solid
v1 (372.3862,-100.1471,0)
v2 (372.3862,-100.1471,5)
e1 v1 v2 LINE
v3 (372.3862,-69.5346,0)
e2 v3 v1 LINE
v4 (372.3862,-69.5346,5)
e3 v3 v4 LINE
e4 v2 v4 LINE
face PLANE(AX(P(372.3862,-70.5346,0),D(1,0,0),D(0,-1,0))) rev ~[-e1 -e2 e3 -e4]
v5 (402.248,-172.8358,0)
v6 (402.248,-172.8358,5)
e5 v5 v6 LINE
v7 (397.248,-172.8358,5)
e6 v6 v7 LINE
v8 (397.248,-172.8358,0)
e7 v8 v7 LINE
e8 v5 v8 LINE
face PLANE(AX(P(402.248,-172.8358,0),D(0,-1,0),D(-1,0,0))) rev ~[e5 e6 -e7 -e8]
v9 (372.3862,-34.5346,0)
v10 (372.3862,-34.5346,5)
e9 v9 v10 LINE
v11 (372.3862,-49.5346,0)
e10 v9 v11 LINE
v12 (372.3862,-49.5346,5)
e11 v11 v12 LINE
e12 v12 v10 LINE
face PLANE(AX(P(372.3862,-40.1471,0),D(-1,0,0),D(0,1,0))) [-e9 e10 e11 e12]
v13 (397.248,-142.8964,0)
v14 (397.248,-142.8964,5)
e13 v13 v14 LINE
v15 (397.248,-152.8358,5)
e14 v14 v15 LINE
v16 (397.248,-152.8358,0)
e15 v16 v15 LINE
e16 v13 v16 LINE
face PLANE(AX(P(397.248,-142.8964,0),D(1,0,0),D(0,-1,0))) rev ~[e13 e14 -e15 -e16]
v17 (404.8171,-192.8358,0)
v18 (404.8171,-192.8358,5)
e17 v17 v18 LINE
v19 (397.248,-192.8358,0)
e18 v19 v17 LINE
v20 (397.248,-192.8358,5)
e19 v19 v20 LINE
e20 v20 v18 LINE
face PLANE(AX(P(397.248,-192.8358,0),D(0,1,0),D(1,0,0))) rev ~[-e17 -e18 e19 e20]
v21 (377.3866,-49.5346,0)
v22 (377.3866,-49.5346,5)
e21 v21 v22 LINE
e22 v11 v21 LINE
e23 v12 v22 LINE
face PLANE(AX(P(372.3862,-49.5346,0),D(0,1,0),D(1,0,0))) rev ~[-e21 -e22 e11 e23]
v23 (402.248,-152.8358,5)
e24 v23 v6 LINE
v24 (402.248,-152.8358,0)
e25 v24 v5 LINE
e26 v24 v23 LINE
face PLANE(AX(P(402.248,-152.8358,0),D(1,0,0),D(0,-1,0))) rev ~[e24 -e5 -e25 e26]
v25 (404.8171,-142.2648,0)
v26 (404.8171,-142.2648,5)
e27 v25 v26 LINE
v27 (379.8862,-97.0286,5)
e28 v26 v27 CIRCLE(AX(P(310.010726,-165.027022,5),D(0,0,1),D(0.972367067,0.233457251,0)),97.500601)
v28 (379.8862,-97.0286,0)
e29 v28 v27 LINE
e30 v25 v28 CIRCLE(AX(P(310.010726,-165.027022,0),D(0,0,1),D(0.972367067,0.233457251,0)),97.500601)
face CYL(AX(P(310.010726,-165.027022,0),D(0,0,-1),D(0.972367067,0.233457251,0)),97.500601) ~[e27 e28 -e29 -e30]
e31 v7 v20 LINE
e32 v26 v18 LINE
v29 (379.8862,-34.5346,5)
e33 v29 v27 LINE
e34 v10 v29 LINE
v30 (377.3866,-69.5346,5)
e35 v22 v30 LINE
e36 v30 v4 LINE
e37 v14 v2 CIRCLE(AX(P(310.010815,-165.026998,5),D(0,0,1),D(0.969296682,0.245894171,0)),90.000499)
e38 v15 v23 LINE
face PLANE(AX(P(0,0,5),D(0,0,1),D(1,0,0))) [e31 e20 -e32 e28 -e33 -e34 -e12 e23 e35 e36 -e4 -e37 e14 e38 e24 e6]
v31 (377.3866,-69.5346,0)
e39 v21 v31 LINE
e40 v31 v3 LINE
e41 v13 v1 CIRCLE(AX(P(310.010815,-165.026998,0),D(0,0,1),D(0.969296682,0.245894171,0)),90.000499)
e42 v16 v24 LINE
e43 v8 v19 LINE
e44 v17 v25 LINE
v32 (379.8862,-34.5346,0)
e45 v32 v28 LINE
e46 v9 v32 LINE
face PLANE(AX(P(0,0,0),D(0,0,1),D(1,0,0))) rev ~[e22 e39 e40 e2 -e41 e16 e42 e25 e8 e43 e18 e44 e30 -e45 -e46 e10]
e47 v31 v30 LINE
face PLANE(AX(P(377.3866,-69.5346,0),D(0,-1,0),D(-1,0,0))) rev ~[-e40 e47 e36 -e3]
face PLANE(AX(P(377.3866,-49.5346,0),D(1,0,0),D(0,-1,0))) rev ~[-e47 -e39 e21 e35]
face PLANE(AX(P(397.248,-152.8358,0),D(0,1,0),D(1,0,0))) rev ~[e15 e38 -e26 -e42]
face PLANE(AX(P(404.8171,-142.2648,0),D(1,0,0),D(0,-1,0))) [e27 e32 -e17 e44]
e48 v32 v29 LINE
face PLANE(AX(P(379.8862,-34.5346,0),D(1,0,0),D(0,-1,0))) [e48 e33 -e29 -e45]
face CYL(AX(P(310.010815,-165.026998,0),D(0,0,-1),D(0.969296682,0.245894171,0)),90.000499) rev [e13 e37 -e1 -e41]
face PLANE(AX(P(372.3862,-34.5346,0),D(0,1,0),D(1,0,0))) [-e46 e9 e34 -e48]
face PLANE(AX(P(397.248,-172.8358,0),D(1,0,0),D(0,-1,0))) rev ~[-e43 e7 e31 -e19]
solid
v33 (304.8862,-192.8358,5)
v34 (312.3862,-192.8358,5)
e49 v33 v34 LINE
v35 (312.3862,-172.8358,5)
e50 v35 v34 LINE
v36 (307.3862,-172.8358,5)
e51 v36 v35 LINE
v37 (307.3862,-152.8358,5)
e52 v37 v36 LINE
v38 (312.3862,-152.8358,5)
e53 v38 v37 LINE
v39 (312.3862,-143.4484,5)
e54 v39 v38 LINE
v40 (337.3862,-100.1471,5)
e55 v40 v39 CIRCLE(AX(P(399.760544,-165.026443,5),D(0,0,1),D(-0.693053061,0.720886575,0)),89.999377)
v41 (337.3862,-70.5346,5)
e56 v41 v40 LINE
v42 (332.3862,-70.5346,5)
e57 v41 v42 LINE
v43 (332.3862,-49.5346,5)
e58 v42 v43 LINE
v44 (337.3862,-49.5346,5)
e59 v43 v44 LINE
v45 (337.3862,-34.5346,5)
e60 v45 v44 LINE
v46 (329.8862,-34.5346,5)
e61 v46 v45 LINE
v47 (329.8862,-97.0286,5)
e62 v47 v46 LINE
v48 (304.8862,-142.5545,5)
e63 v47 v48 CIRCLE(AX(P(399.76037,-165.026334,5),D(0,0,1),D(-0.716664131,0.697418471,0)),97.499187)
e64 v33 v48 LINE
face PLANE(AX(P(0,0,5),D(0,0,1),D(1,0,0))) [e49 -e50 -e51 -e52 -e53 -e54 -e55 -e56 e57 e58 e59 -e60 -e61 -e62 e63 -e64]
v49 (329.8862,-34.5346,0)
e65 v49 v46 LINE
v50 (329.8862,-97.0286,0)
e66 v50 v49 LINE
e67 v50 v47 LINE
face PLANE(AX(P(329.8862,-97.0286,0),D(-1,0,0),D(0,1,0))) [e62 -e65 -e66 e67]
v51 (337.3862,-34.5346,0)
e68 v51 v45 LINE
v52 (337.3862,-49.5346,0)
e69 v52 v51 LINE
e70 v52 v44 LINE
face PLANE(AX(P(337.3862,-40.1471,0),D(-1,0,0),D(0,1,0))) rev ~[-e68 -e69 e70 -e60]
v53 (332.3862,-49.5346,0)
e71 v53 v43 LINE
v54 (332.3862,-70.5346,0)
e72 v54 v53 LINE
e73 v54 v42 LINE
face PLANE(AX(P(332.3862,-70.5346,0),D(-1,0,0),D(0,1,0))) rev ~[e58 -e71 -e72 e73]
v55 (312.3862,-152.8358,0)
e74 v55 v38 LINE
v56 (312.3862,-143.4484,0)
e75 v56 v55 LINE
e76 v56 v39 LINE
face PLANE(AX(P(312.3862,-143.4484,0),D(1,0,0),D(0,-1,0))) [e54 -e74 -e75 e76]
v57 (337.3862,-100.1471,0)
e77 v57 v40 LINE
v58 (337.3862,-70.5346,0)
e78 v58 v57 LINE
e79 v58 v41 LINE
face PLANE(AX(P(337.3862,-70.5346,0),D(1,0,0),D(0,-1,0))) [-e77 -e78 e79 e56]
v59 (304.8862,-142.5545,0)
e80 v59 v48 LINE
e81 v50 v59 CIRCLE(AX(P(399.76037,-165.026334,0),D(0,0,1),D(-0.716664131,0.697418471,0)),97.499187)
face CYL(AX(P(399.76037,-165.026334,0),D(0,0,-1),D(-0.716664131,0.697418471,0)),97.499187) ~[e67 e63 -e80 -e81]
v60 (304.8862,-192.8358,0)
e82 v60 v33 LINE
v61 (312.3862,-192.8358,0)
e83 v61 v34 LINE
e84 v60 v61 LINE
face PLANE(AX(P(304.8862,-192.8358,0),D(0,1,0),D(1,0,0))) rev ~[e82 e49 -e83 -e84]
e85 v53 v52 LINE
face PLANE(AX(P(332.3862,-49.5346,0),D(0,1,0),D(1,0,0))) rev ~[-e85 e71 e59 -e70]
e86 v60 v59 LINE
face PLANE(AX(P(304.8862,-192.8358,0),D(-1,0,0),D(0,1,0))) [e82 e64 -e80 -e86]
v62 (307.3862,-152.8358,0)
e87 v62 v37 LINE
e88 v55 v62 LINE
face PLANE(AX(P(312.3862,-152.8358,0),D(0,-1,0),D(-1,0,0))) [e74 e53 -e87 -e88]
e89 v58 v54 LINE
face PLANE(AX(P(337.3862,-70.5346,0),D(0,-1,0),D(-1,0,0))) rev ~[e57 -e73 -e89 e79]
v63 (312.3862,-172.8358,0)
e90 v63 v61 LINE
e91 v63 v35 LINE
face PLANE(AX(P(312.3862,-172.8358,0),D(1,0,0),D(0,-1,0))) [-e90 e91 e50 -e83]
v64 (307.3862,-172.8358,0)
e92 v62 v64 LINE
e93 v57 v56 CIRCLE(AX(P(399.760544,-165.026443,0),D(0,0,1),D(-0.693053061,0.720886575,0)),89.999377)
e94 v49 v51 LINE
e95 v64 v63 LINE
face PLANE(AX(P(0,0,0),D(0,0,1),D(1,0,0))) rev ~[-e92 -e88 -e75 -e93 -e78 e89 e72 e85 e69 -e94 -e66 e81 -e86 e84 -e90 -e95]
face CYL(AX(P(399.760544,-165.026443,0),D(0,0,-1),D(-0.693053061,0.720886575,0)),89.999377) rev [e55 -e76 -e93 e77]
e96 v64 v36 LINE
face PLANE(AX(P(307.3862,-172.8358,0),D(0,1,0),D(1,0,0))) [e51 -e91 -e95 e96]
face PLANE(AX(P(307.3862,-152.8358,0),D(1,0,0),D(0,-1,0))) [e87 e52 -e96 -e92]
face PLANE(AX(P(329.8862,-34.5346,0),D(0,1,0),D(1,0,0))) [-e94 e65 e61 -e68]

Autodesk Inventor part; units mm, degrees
ref_plane "YZ Plane" through (0, 0, 0) normal (1, 0, 0) x (0, 1, 0)
ref_plane "XZ Plane" through (0, 0, 0) normal (0, 1, 0) x (-1, 0, 0)
ref_plane "XY Plane" through (0, 0, 0) normal (0, 0, 1) x (1, 0, 0)
sketch "Sketch2" plane through (0, 0, 0) normal (0, 0, 1) x (1, 0, 0)
  line L0 (372.3862, -40.1471) -> (372.3862, -100.1471)
  line L1 (337.3862, -40.1471) -> (337.3862, -100.1471)
  arc A0 (337.3862, -100.1471) -> (312.3862, -143.4484) centre (399.761, -165.0268) ccw
  line L2 (337.3862, -100.1471) -> (312.3862, -143.4484) construction
  line L3 (337.3862, -100.1471) -> (387.3862, -100.1471) construction
  line L4 (312.3862, -143.4484) -> (312.3862, -193.4484)
  arc A1 (397.248, -142.8964) -> (372.3862, -100.1471) centre (310.0113, -165.0268) ccw
  line L5 (397.248, -142.8964) -> (397.248, -192.8358)
  line L6 (347.3862, -193.4484) -> (347.3862, -148.2378)
  arc A2 (354.8862, -133.2267) -> (347.3862, -148.2378) centre (399.761, -165.0268) ccw
  arc A3 (362.248, -147.8127) -> (354.8862, -133.2267) centre (310.0113, -165.0268) ccw
  line L7 (362.248, -147.8127) -> (362.248, -192.8358)
  line L8 (304.8862, -192.8358) -> (304.8862, -142.5545)
  arc A4 (329.8862, -97.0286) -> (304.8862, -142.5545) centre (399.761, -165.0268) ccw
  line L9 (329.8862, -97.0286) -> (329.8862, -34.5346)
  line L10 (329.8862, -34.5346) -> (379.8862, -34.5346)
  line L11 (379.8862, -34.5346) -> (379.8862, -97.0286)
  arc A5 (404.8171, -142.2648) -> (379.8862, -97.0286) centre (310.0113, -165.0268) ccw
  line L12 (404.8171, -142.2648) -> (404.8171, -192.8358)
  line L13 (304.8862, -192.8358) -> (404.8171, -192.8358)
  line L14 (337.3862, -40.1471) -> (337.3862, -34.5346)
  line L15 (372.3862, -40.1471) -> (372.3862, -34.5346)
  line L16 (357.248, -192.8358) -> (357.248, -157.2921)
  line L17 (352.3862, -157.2921) -> (352.3862, -193.4484)
  line L18 (347.3862, -157.2921) -> (352.3862, -157.2921)
  line L19 (357.248, -157.2921) -> (362.248, -157.2921)
  line L20 (372.0272, -40.1471) -> (372.3862, -40.1471)
  line L21 (337.3862, -69.5346) -> (337.3862, -49.5346)
  line L22 (372.3862, -69.5346) -> (372.3862, -49.5346)
  line L23 (397.248, -172.8358) -> (397.248, -152.8358)
  line L24 (312.3862, -152.8358) -> (312.3862, -172.8358)
  line L25 (402.6367, -151.8358) -> (407.6367, -151.8358)
  line L26 (407.6367, -151.8358) -> (407.6367, -172.8358)
  line L27 (372.3862, -70.5346) -> (372.3862, -49.5346)
  line L28 (332.3862, -49.5346) -> (337.3862, -49.5346)
  line L29 (337.3862, -49.5346) -> (337.3862, -70.5346)
  line L30 (337.3862, -70.5346) -> (332.3862, -70.5346)
  line L31 (332.3862, -70.5346) -> (332.3862, -49.5346)
  line L32 (372.3862, -49.5346) -> (377.3866, -49.5346)
  line L33 (377.3866, -49.5346) -> (377.3866, -69.5346)
  line L34 (377.3866, -69.5346) -> (372.3862, -69.5346)
  line L35 (372.3862, -69.5346) -> (372.3862, -49.5346)
  line L36 (345.3862, -34.5346) -> (356.3862, -34.5346) construction
  line L37 (370.8862, -44.0609) -> (365.3862, -34.5346)
  line L38 (345.3862, -34.5346) -> (339.8862, -44.0609)
  line L39 (339.8862, -44.0609) -> (370.8862, -44.0609)
  line L40 (312.3862, -152.8358) -> (307.3862, -152.8358)
  line L41 (307.3862, -152.8358) -> (307.3862, -172.8358)
  line L42 (307.3862, -172.8358) -> (312.3862, -172.8358)
  line L43 (312.3862, -172.8358) -> (312.3862, -152.8358)
  line L44 (397.248, -152.8358) -> (402.248, -152.8358)
  line L45 (402.248, -152.8358) -> (402.248, -172.8358)
  line L46 (402.248, -172.8358) -> (397.248, -172.8358)
  line L47 (397.248, -172.8358) -> (397.248, -152.8358)
  point P0 (323.5989, -71.7026)
  point P1 (312.3862, -192.8358)
  dimension "d111" = 35
  dimension "d112" = 60
  dimension "d113" = 50
  dimension "d114" = 120
  dimension "d115" = 90
  dimension "d116" = 50
  dimension "d117" = 35
  dimension "d118" = 7.5
  dimension "d119" = 5
  dimension "d120" = 7.5
  dimension "d121" = 158.3013
  dimension "d122" = 0
  dimension "d123" = 21
  dimension "d124" = 5
  dimension "d125" = 21
  dimension "d126" = 15
  dimension "d127" = 2.5
  dimension "d128" = 15
  dimension "d129" = 5.0004
  dimension "d130" = 20
  dimension "d131" = 90
  dimension "d132" = 90
  dimension "d133" = 2.8196
  dimension "d134" = 10.3887
  dimension "d135" = 27.7505
  dimension "d136" = 30.2501
  dimension "d137" = 45.3887
  dimension "d138" = 55.2505
  dimension "d139" = 111.6887
  dimension "d140" = 51.6887
  dimension "d141" = 5.4563
  dimension "d142" = 84.0378
  dimension "d143" = 80.1333
  dimension "d144" = 9.571
  dimension "d145" = 1
  dimension "d146" = 102.3013
  dimension "d147" = 82.3013
  dimension "d148" = 81.3013
  dimension "d149" = 41.6125
  dimension "d150" = 41.6125
  dimension "d151" = 102.3013
  dimension "d152" = 82.3013
  dimension "d153" = 1
  dimension "d154" = 21
  dimension "d155" = 11
  dimension "d156" = 120
  dimension "d157" = 31
  dimension "d158" = 11
  dimension "d159" = 60
  dimension "d160" = 14.5
  dimension "d161" = 5
  dimension "d162" = 20
  dimension "d163" = 5
  dimension "d164" = 20
  dimension "d165" = 20
  dimension "d166" = 20
extrude "Extrusion2" add sketch "Sketch2" along normal blind 5 contours L15 L10 L11 A5 L12 L13 L5 L46 L45 L44 A1 L0 L34 L33 L32 | L14 L1 L28 L31 L30 A0 L4 L40 L41 L42 L13 L8 A4 L9 L10
equation "\"d120\" = d118"
equation "\"d128\" = d126"
properties part number "middlelsidewall"
